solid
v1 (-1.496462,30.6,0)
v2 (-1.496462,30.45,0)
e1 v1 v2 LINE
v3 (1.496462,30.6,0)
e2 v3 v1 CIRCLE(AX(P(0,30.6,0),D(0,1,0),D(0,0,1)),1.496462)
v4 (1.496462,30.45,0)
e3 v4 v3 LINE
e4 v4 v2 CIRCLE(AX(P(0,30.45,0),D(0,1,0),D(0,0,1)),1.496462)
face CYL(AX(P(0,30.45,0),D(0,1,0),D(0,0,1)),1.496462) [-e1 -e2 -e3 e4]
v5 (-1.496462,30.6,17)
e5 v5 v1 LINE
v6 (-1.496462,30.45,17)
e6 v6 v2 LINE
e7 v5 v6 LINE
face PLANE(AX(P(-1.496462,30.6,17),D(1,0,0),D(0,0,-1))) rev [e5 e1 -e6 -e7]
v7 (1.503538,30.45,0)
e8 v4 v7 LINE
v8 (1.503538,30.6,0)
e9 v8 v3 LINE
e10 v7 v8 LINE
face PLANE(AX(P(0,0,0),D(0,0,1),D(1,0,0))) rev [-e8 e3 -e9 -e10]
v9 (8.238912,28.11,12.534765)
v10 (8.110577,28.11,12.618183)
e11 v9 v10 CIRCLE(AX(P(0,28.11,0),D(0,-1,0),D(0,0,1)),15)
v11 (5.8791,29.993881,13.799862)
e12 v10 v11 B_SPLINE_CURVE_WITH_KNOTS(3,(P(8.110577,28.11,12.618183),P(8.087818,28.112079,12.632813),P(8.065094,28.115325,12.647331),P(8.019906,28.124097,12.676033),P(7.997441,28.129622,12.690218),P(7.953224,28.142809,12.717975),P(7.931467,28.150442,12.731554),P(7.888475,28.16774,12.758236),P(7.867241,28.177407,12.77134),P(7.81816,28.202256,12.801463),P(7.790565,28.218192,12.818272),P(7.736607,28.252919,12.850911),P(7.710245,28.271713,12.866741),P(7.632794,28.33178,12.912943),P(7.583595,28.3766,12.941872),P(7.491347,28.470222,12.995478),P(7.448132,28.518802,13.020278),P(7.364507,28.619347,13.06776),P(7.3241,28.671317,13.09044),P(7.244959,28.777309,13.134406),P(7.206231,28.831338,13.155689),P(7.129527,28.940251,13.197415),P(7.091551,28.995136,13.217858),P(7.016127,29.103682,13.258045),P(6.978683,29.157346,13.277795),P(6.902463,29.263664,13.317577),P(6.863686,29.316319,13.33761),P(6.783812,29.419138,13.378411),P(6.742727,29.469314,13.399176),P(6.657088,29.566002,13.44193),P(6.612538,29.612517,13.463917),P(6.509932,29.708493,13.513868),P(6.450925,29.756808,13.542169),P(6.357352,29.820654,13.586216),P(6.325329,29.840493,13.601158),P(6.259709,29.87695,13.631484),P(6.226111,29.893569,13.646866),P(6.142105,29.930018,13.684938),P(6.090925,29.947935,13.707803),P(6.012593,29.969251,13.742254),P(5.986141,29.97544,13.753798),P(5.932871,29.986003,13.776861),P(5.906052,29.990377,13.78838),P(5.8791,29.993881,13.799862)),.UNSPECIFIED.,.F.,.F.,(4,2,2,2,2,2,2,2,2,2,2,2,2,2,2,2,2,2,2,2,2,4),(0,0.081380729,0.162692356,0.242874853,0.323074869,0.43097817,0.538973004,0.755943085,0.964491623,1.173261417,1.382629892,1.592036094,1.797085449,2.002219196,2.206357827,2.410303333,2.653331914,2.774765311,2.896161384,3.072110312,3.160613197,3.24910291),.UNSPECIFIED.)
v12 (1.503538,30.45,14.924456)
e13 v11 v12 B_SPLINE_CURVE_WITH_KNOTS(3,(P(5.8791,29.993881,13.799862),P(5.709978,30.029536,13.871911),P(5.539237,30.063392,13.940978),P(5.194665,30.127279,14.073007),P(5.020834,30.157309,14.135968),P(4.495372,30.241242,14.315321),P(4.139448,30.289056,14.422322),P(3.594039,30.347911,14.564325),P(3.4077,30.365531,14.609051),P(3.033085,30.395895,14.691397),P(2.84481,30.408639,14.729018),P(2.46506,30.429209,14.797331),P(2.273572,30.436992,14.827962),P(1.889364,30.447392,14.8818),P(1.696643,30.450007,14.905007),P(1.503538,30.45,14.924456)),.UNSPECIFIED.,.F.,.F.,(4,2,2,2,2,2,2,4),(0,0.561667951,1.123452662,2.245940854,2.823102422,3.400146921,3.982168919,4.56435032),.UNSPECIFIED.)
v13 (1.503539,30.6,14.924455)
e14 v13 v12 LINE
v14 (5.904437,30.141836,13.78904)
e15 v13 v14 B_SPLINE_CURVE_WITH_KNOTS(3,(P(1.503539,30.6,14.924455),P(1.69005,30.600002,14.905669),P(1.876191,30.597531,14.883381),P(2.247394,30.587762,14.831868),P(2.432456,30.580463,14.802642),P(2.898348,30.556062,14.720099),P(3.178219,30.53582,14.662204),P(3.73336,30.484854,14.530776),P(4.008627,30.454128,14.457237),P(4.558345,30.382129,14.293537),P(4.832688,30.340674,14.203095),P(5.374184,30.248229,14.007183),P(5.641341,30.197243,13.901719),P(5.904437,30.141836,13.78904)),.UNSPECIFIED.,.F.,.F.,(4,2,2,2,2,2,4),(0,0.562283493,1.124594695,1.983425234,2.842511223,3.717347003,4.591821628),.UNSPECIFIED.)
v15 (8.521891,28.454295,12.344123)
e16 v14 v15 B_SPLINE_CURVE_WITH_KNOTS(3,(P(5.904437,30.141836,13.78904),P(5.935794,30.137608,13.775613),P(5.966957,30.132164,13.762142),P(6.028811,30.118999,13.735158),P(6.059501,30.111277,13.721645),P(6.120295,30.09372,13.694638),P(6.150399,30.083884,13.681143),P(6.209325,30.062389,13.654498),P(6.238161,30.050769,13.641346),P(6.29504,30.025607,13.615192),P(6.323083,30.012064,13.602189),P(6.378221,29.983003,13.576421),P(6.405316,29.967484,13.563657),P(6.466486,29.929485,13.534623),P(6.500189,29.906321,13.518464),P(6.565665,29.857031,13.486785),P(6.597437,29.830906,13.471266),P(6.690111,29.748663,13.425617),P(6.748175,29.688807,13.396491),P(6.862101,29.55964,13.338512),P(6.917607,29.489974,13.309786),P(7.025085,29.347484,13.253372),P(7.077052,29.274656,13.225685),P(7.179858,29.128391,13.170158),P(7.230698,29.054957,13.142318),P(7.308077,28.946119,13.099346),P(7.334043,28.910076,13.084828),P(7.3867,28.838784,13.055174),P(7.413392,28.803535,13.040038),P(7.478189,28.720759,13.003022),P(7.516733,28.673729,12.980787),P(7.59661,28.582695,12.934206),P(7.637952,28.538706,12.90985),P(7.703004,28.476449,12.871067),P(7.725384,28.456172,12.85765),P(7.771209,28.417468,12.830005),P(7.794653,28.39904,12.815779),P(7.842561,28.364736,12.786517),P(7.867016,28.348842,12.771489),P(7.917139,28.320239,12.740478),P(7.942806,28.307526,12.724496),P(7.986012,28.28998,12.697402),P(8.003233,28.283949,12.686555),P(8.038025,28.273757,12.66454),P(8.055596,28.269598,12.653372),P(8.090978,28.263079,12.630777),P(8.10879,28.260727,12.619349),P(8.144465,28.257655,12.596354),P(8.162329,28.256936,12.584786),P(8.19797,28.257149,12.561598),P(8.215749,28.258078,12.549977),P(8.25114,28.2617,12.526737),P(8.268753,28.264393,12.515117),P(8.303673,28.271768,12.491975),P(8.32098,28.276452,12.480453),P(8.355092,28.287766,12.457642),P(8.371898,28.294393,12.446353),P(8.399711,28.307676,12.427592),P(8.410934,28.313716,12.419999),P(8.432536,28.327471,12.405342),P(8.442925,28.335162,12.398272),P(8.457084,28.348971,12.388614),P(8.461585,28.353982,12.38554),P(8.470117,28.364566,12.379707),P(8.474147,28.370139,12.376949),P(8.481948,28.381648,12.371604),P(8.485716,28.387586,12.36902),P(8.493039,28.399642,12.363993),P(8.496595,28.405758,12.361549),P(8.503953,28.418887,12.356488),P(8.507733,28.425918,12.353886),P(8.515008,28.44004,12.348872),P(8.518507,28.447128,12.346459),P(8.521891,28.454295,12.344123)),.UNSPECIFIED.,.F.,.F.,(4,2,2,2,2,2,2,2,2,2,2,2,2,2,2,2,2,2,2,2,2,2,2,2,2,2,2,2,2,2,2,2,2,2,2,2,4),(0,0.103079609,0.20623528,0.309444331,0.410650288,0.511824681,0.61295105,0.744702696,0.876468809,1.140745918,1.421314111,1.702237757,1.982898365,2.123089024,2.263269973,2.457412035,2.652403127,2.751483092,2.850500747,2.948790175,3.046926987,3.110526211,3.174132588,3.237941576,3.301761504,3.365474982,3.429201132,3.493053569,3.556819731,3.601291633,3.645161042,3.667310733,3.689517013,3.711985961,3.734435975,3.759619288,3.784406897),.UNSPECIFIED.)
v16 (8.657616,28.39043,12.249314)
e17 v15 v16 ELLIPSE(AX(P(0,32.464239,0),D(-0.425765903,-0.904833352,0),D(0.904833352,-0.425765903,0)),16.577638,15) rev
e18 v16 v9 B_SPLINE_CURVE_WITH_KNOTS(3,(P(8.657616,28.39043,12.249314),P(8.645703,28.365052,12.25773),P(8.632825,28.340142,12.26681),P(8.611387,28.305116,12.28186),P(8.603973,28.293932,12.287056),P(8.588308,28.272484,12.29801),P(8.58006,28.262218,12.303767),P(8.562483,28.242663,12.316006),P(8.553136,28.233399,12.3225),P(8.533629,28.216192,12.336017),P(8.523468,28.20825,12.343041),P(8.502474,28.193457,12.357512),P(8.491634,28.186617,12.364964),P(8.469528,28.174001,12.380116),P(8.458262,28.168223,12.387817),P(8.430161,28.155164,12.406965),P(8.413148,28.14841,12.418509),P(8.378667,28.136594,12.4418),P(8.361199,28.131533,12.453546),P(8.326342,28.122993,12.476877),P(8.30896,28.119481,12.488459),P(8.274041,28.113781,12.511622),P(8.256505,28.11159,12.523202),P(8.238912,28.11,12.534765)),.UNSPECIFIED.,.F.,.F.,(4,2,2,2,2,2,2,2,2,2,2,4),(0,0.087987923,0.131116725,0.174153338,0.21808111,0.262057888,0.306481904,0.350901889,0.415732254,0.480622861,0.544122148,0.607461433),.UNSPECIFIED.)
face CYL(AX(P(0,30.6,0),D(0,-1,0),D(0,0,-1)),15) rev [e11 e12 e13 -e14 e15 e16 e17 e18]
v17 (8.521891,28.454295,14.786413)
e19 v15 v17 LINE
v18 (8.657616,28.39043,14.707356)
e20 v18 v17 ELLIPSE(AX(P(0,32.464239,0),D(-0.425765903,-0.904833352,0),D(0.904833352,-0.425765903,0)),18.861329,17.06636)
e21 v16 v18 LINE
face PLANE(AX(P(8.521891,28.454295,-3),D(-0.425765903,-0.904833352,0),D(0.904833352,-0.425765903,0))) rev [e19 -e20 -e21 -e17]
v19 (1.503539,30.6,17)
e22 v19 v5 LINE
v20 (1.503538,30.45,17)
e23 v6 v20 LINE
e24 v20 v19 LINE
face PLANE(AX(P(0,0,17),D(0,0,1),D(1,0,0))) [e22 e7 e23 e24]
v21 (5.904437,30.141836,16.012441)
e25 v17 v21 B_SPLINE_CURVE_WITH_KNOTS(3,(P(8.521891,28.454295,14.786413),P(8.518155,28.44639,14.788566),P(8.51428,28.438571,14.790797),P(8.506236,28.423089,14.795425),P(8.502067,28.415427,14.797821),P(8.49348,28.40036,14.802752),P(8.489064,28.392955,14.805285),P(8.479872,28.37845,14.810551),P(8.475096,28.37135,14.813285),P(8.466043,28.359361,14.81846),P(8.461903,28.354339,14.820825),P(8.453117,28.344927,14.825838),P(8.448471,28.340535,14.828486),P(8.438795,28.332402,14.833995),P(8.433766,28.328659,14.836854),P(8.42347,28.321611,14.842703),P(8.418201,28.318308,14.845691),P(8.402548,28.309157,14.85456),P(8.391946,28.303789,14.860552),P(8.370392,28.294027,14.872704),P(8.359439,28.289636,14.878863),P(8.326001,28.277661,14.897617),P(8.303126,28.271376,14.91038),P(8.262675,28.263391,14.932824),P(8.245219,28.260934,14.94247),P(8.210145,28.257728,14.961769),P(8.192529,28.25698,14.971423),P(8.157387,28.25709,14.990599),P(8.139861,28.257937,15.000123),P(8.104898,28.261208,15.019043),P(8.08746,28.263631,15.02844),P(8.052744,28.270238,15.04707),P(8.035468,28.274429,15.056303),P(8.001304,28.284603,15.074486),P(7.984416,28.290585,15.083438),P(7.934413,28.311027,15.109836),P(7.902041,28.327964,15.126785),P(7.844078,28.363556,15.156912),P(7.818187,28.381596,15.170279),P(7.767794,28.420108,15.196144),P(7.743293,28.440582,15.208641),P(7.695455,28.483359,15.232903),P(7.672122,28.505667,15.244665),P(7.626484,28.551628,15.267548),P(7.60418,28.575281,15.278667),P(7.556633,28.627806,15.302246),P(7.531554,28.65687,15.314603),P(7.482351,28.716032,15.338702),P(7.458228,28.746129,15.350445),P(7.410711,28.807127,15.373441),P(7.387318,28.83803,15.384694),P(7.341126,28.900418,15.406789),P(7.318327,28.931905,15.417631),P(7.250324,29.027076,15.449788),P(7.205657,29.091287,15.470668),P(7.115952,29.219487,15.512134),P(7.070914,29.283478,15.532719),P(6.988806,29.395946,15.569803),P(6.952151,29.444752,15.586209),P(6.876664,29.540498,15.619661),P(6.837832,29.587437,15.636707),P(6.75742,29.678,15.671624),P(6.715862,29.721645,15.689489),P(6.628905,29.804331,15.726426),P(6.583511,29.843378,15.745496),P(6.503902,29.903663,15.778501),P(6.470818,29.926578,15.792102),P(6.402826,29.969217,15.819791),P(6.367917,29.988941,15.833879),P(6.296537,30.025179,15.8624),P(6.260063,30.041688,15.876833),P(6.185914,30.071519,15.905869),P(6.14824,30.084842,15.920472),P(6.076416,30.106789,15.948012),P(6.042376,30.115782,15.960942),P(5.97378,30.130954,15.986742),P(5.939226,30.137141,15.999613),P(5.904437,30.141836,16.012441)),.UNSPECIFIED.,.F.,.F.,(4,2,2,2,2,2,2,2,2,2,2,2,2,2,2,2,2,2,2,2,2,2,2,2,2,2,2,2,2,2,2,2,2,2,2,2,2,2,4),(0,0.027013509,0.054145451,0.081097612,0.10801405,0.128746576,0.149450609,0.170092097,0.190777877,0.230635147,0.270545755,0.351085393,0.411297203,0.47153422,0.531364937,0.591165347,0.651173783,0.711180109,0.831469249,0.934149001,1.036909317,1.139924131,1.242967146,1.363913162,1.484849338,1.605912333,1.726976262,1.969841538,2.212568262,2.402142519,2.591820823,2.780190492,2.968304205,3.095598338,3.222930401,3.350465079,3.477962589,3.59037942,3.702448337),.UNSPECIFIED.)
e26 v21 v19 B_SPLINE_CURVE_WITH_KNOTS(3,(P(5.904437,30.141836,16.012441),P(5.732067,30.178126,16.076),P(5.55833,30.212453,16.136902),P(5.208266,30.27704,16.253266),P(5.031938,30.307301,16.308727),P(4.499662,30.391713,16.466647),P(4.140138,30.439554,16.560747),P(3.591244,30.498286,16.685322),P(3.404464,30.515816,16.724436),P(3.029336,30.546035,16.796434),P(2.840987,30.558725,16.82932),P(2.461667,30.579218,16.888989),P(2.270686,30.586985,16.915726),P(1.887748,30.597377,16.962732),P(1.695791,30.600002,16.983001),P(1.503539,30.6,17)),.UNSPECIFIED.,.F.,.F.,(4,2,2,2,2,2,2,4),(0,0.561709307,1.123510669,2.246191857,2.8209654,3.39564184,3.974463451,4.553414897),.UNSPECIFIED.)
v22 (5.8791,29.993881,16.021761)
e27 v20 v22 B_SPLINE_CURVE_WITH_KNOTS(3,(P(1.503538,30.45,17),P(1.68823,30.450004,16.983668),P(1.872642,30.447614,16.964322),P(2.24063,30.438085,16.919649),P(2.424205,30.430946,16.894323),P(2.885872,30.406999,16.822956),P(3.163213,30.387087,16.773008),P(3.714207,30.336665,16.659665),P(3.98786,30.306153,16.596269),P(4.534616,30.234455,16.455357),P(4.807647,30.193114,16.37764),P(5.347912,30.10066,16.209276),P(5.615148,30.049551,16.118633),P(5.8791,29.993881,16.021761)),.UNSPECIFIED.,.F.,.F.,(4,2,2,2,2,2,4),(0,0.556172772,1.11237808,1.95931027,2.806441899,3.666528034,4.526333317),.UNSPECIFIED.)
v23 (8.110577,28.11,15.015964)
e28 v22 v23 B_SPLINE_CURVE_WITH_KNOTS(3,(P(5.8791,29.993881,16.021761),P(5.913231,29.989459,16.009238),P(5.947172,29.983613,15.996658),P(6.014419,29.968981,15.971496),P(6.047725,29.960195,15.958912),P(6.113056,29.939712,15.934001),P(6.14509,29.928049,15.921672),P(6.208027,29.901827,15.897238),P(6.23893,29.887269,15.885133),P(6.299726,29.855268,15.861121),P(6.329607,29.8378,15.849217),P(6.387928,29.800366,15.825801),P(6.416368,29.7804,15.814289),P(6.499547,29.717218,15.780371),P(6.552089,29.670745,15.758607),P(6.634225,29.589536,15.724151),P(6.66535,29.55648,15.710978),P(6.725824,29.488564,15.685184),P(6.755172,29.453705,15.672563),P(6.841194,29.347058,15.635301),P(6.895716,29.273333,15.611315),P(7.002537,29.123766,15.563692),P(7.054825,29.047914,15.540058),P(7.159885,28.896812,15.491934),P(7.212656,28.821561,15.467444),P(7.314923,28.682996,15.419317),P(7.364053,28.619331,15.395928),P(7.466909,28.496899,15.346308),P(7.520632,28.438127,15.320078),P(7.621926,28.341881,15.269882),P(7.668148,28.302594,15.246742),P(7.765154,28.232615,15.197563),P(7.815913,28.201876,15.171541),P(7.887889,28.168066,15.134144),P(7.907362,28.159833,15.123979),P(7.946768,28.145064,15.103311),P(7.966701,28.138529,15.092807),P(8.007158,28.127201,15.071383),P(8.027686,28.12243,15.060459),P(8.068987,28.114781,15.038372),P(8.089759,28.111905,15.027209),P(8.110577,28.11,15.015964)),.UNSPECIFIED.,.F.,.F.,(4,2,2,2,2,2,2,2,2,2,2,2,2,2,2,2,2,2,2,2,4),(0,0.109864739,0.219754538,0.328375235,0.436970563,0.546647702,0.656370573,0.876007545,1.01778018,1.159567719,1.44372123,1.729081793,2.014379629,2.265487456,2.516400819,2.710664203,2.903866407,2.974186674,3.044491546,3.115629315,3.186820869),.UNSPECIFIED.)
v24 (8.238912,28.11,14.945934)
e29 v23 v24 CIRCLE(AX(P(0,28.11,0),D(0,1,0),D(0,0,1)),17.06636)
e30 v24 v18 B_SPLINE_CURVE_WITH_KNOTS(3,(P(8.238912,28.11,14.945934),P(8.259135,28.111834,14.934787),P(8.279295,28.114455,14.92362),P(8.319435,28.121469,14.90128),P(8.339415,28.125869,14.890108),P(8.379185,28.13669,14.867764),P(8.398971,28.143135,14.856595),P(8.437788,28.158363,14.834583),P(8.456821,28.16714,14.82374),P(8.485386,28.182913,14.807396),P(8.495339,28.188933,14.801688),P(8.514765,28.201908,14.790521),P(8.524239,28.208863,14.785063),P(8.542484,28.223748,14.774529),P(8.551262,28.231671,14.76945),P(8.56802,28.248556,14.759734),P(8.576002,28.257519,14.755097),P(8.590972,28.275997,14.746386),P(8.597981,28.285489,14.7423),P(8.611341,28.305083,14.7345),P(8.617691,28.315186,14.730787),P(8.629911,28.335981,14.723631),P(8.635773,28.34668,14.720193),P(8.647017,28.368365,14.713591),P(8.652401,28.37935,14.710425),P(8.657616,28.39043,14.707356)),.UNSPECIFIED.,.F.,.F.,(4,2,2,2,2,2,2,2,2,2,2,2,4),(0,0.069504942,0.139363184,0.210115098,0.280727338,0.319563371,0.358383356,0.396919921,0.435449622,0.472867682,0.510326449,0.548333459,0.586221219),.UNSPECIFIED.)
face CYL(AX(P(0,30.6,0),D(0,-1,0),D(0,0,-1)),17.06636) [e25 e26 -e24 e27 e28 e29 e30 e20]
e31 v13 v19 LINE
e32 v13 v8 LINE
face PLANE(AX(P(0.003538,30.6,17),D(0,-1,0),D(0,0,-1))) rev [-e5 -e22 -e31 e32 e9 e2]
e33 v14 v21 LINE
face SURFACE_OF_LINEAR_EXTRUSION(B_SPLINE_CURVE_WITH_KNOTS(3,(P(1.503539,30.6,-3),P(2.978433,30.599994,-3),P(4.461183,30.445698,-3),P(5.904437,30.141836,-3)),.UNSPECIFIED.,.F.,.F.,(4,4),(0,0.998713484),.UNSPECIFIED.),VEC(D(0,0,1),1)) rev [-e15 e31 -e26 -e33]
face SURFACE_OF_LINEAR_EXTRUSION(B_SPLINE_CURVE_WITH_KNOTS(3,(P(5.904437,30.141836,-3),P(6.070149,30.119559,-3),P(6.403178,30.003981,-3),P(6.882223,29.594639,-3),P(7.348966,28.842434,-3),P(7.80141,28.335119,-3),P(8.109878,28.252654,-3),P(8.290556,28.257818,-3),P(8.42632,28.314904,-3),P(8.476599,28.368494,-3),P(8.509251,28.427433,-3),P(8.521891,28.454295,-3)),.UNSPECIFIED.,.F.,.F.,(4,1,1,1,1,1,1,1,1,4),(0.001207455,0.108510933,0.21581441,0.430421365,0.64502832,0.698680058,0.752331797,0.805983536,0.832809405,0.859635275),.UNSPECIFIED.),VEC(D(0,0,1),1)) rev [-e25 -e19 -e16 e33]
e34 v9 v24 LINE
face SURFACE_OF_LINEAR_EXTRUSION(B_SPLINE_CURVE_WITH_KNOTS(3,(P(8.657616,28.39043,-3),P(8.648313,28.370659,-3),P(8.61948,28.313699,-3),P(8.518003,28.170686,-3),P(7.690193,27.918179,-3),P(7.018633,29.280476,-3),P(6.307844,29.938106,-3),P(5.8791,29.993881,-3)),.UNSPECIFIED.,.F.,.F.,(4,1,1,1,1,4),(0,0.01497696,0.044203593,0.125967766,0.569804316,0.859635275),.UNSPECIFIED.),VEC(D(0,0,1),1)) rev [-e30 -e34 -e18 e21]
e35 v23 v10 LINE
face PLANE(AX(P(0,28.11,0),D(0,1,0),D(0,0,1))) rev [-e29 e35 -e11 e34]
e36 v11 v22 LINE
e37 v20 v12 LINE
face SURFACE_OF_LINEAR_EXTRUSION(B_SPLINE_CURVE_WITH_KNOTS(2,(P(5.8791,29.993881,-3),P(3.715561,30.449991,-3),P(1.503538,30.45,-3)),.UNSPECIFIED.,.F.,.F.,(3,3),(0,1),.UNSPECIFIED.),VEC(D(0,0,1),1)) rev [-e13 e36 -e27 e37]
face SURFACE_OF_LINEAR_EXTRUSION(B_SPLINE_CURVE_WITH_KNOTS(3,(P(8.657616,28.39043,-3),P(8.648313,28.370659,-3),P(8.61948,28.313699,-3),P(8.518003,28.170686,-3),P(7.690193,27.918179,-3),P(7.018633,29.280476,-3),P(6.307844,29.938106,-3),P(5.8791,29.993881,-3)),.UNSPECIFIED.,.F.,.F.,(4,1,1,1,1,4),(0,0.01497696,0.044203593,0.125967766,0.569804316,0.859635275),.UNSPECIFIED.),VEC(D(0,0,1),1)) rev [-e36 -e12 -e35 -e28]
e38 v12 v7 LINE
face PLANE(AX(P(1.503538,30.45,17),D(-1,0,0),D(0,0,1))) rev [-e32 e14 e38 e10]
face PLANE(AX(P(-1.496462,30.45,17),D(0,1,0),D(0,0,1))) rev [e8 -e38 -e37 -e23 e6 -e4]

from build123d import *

# Parameters (mm, degrees)
EXTRUDE_1_DEPTH     = 17
EXTRUDE_2_DEPTH     = 2.49
CUT_EXTRUDE_1_DEPTH = 20
EXTRUDE_START       = -0.15
EXTRUDE_3_DEPTH     = 0.15


with BuildPart() as part:
    # Эскиз1 → Бобышка-Вытянуть1 (new body)
    with BuildSketch(Plane.XY):
        Polygon((0.003538245, 30.6), (-1.496461755, 30.6), (-1.496461755, 30.45), (1.503538245, 30.45), (1.503538245, 30.6), align=None)
    extrude(amount=EXTRUDE_1_DEPTH)

    # Эскиз5 → Бобышка-Вытянуть2 (add)
    with BuildSketch(Plane(origin=(0, 28.11, 0), x_dir=(1, 0, 0), z_dir=(0, 1, 0))):
        with BuildLine():
            Line((1.503538245, -17), (1.503538245, -14.924455526))
            ThreePointArc((1.503538245, -14.924455526), (5.831161676, -13.82018645), (9.641814145, -11.490666647))
            Line((9.641814145, -11.490666647), (10.970044442, -13.073589874))
            ThreePointArc((10.970044442, -13.073589874), (6.538481504, -15.764164642), (1.503538245, -17))
        make_face()
    extrude(amount=EXTRUDE_2_DEPTH)

    # Эскиз6 → Вырез-Вытянуть1 (cut)
    with BuildSketch(Plane.XY.offset(17)):
        with BuildLine():
            Line((8.521891089, 28.454295213), (8.657616092, 28.390430328))
            add(Edge.make_bspline(
                [(5.879100066, 29.993881439), (6.307843904, 29.938106152), (7.018632939, 29.280475664), (7.690192817, 27.91817908), (8.518003244, 28.170685992), (8.619480263, 28.313699251), (8.648312773, 28.370659008), (8.657616092, 28.390430328)],
                knots=[0, 0, 0, 0, 0.289830958, 0.733667508, 0.815431682, 0.844658315, 0.859635275, 0.859635275, 0.859635275, 0.859635275], degree=3))
            add(Edge.make_bspline(
                [(1.503538245, 30.45), (3.715560515, 30.449991161), (5.879100066, 29.993881439)],
                knots=[0, 0, 0, 1, 1, 1], degree=2))
            Line((1.503538245, 30.45), (1.503538245, 27.864618801))
            Line((1.503538245, 27.864618801), (11.162487636, 27.864618801))
            Line((11.162487636, 27.864618801), (11.137034926, 30.6))
            Line((11.137034926, 30.6), (1.503538844, 30.6))
            add(Edge.make_bspline(
                [(1.503538844, 30.6), (2.978432971, 30.599994106), (4.461182915, 30.445697761), (5.904436507, 30.141836357)],
                knots=[0, 0, 0, 0, 0.998713484, 0.998713484, 0.998713484, 0.998713484], degree=3))
            add(Edge.make_bspline(
                [(5.904436507, 30.141836357), (6.070149185, 30.119558607), (6.403177783, 30.003980968), (6.882223314, 29.594639274), (7.348965788, 28.842434324), (7.801409568, 28.335118852), (8.109877777, 28.252654256), (8.290556261, 28.257818329), (8.426320035, 28.314903679), (8.476599406, 28.368493987), (8.509251117, 28.427432873), (8.521891089, 28.454295213)],
                knots=[0.001207455, 0.001207455, 0.001207455, 0.001207455, 0.108510933, 0.21581441, 0.430421365, 0.64502832, 0.698680058, 0.752331797, 0.805983536, 0.832809405, 0.859635275, 0.859635275, 0.859635275, 0.859635275], degree=3))
        make_face()
    extrude(amount=-CUT_EXTRUDE_1_DEPTH, mode=Mode.SUBTRACT)

    # Эскиз7 → Бобышка-Вытянуть3 (add)
    with BuildSketch(Plane(origin=(0, 30.6, 0), x_dir=(1, 0, 0), z_dir=(0, 1, 0)).offset(EXTRUDE_START)):
        with BuildLine():
            Line((-1.496461755, 0), (1.496461755, 0))
            ThreePointArc((1.496461755, 0), (0, 1.496461755), (-1.496461755, 0))
        make_face()
    extrude(amount=EXTRUDE_3_DEPTH)


solid = part.part
